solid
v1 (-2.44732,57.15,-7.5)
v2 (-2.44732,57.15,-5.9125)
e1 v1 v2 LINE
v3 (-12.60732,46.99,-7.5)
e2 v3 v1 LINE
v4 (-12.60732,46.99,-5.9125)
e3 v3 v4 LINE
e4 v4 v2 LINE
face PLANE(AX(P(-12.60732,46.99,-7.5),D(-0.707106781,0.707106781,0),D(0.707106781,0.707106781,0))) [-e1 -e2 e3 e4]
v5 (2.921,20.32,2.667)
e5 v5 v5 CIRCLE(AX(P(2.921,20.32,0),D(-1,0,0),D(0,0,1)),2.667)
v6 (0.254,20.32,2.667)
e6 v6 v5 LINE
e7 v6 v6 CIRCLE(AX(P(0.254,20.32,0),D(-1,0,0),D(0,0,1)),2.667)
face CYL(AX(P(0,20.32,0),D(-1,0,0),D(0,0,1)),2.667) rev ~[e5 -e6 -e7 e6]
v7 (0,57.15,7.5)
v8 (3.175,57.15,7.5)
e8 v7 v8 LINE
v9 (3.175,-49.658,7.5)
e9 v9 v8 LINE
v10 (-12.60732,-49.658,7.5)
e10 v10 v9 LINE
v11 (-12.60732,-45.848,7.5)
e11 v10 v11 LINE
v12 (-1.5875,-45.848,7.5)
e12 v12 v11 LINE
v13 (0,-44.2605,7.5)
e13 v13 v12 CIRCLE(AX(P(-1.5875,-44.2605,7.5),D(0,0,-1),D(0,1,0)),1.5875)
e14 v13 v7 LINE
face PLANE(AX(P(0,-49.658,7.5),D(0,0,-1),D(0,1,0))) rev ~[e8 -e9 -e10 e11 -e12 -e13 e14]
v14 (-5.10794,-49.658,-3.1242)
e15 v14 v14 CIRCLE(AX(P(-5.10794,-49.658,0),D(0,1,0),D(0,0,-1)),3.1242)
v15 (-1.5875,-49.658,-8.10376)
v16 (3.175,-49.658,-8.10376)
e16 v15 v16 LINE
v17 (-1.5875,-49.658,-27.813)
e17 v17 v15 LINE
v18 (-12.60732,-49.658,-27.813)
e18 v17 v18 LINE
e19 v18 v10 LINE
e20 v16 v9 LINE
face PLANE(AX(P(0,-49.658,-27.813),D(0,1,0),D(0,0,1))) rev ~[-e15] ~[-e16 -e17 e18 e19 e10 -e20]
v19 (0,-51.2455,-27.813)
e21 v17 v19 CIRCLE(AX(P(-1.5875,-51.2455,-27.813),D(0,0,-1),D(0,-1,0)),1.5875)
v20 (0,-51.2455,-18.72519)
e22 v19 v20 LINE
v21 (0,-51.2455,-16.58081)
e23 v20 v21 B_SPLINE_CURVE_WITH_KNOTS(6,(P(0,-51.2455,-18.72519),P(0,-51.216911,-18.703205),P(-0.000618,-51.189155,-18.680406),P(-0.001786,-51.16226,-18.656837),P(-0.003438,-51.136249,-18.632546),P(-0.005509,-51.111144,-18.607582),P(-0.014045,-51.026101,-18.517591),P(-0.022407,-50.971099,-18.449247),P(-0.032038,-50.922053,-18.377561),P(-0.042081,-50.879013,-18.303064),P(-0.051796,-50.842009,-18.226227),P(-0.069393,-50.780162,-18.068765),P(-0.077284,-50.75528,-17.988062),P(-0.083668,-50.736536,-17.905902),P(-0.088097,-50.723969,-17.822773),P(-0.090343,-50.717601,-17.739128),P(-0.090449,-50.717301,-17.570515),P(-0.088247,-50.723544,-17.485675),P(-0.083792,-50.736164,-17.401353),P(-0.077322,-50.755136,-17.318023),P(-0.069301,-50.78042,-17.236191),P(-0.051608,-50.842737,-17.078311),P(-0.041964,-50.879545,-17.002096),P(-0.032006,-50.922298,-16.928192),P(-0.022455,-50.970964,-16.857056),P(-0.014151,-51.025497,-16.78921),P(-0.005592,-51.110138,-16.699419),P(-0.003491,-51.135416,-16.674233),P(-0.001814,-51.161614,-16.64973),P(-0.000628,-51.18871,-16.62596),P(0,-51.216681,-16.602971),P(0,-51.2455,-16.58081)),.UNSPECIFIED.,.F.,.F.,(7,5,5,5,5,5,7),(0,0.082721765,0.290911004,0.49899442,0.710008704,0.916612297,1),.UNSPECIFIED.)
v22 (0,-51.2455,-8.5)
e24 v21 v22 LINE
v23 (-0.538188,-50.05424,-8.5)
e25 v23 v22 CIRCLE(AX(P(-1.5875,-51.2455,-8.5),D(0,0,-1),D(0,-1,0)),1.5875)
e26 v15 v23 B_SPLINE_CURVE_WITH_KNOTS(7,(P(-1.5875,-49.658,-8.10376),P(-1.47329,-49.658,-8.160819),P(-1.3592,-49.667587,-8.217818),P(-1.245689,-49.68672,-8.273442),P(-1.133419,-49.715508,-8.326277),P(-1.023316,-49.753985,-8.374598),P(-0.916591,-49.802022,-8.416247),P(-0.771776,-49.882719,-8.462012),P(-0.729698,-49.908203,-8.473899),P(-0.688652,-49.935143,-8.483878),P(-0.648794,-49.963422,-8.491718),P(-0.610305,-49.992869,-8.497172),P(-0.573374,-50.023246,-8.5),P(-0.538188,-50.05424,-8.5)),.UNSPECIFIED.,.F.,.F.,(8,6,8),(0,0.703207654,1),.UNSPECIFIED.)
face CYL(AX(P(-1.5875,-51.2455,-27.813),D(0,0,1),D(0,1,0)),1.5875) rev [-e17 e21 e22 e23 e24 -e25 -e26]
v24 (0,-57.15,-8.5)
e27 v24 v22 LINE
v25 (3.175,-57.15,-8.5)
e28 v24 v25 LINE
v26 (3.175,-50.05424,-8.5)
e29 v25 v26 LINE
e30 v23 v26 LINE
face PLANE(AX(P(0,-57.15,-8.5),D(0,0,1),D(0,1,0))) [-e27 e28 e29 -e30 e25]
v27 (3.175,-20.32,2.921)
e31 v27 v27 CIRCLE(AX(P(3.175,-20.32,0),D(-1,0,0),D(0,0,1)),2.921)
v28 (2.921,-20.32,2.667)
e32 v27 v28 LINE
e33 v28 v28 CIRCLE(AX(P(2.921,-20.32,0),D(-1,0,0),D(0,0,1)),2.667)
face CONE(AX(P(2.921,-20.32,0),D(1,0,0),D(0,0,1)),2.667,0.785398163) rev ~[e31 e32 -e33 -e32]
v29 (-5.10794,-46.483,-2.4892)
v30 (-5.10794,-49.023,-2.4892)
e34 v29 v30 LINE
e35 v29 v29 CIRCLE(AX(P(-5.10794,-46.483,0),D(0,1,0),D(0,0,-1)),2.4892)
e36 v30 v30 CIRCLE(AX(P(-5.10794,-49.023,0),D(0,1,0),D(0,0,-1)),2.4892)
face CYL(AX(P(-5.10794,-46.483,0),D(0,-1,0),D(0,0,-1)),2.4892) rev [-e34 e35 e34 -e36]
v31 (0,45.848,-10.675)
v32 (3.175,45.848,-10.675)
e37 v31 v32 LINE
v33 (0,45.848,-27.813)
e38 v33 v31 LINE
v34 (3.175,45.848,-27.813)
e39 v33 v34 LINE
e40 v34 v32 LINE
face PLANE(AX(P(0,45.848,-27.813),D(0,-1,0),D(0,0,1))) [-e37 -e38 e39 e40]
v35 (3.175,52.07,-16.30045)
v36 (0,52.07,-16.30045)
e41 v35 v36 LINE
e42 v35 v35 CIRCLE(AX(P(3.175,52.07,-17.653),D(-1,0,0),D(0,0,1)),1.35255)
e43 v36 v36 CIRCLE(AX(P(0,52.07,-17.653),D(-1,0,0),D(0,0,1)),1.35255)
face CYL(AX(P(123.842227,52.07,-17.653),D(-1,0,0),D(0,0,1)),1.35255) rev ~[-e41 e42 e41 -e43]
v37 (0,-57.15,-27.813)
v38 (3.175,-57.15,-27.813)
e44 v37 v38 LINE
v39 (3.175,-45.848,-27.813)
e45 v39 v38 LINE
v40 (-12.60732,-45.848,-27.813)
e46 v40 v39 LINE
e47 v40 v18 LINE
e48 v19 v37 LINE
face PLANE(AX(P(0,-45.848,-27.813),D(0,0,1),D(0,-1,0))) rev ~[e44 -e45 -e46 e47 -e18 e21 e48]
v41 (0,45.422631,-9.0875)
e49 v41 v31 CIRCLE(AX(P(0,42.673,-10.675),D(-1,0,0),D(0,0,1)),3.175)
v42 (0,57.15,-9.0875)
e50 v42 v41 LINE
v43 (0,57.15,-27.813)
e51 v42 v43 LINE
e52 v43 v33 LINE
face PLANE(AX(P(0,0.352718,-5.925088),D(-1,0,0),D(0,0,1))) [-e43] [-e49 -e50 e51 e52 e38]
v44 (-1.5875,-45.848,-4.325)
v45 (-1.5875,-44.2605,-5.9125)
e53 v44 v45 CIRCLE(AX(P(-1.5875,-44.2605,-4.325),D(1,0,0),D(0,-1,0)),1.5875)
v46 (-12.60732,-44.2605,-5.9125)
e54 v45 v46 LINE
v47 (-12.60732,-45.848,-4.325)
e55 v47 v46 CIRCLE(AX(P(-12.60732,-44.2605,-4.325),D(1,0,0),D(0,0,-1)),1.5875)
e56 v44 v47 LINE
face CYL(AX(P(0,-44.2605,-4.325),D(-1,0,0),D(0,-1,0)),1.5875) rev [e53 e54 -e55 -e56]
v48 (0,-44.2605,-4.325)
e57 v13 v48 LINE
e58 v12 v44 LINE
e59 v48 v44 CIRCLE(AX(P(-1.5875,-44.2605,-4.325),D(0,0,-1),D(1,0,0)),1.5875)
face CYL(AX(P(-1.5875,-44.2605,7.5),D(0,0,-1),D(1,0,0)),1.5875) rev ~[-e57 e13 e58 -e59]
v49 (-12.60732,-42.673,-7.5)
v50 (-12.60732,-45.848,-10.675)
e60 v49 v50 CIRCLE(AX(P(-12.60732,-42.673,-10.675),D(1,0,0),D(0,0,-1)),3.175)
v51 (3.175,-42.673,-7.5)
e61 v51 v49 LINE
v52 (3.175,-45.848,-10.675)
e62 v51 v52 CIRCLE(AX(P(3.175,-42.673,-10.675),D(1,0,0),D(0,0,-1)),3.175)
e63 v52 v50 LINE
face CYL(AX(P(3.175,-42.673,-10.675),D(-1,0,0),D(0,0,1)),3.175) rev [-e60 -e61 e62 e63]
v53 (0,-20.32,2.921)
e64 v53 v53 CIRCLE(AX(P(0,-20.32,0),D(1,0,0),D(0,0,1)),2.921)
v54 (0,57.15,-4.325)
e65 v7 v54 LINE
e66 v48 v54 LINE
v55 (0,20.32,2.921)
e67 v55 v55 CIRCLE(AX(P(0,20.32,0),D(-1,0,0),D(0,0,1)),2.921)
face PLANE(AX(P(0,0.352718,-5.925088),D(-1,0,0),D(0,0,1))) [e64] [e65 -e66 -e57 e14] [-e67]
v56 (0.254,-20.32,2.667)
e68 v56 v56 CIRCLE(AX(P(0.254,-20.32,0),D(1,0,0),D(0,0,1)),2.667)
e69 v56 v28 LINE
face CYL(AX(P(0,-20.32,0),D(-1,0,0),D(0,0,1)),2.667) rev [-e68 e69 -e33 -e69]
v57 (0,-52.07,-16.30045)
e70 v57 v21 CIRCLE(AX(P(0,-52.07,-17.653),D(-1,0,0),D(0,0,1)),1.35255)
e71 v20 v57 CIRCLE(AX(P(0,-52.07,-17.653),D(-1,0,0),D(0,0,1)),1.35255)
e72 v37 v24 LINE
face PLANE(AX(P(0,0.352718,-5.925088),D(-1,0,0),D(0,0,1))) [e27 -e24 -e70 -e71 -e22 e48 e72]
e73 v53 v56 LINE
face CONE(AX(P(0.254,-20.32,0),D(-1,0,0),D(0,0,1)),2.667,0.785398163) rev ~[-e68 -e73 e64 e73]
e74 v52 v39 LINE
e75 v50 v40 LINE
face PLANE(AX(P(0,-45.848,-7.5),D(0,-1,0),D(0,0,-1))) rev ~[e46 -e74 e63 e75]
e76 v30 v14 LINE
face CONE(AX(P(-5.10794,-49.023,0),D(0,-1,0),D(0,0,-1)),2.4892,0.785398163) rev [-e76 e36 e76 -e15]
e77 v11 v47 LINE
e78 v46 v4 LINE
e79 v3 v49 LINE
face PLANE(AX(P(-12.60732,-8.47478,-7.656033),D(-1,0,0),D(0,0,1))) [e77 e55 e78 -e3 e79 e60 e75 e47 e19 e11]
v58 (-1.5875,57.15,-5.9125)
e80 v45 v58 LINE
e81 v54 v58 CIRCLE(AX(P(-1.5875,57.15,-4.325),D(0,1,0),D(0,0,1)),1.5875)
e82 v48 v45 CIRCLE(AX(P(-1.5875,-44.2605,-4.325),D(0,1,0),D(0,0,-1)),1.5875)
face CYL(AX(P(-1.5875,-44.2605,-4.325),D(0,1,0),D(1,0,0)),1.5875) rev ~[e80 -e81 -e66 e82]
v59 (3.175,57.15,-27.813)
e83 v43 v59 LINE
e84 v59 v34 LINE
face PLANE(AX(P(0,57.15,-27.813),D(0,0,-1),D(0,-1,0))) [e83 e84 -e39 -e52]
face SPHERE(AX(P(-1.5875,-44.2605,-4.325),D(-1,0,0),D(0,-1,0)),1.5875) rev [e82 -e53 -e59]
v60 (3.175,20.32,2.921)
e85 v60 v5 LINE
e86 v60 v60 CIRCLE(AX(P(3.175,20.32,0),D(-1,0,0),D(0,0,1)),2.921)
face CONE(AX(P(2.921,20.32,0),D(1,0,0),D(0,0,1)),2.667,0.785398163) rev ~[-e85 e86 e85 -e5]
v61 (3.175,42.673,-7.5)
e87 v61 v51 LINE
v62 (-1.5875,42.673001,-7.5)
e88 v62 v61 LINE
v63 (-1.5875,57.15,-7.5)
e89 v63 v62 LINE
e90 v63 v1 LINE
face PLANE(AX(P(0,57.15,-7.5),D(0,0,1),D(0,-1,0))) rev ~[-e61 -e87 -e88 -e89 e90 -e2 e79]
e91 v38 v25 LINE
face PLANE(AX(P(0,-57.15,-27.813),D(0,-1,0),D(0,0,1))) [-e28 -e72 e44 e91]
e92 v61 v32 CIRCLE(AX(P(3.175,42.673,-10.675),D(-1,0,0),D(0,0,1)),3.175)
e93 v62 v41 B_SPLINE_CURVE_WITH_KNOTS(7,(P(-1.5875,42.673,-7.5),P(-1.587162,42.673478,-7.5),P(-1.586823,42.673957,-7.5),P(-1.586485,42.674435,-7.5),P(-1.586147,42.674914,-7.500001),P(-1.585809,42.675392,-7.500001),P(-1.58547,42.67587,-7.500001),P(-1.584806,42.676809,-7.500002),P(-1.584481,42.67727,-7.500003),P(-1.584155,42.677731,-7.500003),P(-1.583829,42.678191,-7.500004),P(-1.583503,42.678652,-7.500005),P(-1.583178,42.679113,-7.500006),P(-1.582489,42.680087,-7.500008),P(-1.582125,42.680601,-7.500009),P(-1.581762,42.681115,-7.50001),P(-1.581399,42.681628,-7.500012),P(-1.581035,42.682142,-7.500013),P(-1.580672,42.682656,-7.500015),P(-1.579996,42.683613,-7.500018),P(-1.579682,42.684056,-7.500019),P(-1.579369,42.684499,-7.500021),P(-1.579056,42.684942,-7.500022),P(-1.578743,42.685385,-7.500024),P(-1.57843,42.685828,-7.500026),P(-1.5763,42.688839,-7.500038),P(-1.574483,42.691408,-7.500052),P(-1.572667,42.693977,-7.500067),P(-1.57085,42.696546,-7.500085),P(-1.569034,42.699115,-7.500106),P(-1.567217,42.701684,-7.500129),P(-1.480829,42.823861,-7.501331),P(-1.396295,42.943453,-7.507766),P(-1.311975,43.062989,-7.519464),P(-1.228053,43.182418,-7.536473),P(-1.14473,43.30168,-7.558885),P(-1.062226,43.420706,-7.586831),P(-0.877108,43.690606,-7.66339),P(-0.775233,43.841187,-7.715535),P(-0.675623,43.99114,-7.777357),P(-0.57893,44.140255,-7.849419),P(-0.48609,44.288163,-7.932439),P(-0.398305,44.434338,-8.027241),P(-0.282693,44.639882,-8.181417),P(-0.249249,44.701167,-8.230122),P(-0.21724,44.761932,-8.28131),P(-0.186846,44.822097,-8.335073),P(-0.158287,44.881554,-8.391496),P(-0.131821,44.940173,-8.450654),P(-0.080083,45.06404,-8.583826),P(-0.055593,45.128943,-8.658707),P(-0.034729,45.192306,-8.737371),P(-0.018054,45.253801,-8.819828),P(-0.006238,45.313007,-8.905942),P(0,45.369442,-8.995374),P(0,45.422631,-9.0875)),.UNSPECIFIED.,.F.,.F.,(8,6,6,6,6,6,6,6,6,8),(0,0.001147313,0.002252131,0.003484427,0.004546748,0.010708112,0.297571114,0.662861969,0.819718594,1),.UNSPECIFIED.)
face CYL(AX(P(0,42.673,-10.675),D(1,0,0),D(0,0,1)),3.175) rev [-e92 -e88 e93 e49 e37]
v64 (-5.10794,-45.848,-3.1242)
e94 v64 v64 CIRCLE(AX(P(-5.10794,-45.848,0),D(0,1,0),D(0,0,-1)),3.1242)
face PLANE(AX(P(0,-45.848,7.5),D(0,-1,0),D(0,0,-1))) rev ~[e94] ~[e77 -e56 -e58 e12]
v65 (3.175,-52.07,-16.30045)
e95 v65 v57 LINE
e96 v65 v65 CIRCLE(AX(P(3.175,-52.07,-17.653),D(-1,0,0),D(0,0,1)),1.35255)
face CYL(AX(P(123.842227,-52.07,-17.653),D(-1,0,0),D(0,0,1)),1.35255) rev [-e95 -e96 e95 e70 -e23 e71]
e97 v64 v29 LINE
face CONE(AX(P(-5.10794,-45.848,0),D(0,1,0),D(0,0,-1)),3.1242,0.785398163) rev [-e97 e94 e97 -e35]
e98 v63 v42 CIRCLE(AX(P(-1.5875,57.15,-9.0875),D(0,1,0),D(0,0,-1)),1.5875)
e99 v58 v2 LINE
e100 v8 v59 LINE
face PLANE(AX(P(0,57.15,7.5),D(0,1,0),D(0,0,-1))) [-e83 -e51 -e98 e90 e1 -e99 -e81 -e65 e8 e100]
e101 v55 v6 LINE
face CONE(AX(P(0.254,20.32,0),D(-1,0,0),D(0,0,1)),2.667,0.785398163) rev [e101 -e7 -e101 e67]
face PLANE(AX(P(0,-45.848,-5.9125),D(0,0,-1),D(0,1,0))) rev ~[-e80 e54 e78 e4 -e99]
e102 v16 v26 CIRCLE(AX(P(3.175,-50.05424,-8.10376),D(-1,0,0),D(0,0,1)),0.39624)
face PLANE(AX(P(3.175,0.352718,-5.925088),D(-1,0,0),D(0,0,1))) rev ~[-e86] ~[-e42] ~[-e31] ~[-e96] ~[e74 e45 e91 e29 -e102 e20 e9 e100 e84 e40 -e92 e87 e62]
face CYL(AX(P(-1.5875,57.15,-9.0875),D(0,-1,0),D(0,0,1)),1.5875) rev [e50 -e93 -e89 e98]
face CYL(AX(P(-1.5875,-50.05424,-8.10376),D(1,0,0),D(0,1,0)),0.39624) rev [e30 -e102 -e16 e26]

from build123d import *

# Parameters (mm, degrees)
BOSS_EXTRUDE1_DEPTH   = 3.175
BOSS_EXTRUDE2_DEPTH   = 12.60732
FILLET1_R             = 1.5875
FILLET2_R             = 3.175
CUT_EXTRUDE1_DEPTH    = 16
F_6_32_TAPPED_HOLE1_D = 2.7051
SKETCH10_R            = 2.667
CUT_EXTRUDE2_DEPTH    = 4.175
CHAMFER1_SIZE         = 0.254
FILLET3_R             = 1.5875
FILLET4_R             = 0.39624


with BuildPart() as part:
    # Sketch1 → Boss-Extrude1 (new body)
    with BuildSketch(Plane(origin=(0, 0, 0), x_dir=(0, 0, -1), z_dir=(1, 0, 0))):
        Polygon((27.813, 57.15), (27.813, 45.847999998), (7.5, 45.847999998), (7.5, -45.847999998), (27.813, -45.847999998), (27.813, -57.15), (8.5, -57.15), (8.5, -49.657999998), (-7.5, -49.657999998), (-7.5, 57.15), align=None)
    extrude(amount=BOSS_EXTRUDE1_DEPTH)

    # Sketch2 → Boss-Extrude2 (add)
    with BuildSketch(Plane.ZY):
        Polygon((7.5, -49.657999998), (7.5, -45.847999998), (-5.9125, -45.847999998), (-5.9125, 57.15), (-7.5, 57.15), (-7.5, -45.847999998), (-27.813, -45.847999998), (-27.813, -49.657999998), align=None)
    extrude(amount=BOSS_EXTRUDE2_DEPTH)

    # Sketch4 → #10 Clearance Hole1 (revolve, cut)
    with BuildSketch(Plane(origin=(-5.10794, -49.657999998, 0), x_dir=(0, 0, -1), z_dir=(1, 0, 0))):
        Polygon((0, 0), (0, 3.81), (3.1242, 3.81), (2.4892, 3.175), (2.4892, 0.635), (3.1242, 0), align=None)
    revolve(axis=Axis((-5.10794, -56.007999998, 0), (0, 1, 0)), mode=Mode.SUBTRACT)

    # Fillet1
    fillet1_edges = [part.edges().sort_by_distance(p)[0] for p in [
        (-6.30366, -45.847999998, -5.9125),
    ]]
    fillet(fillet1_edges, radius=FILLET1_R)

    # Fillet2
    fillet2_edges = [part.edges().sort_by_distance(p)[0] for p in [
        (-4.71616, -45.847999998, -7.5),
        (1.5875, 45.847999998, -7.5),
    ]]
    fillet(fillet2_edges, radius=FILLET2_R)

    # Sketch6 → Cut-Extrude1 (cut, through all)
    with BuildSketch(Plane(origin=(0, 0, -7.5), x_dir=(-1, 0, 0), z_dir=(0, 0, -1))):
        Polygon((2.447319972, 57.15), (12.607319972, 57.15), (12.607319972, 46.99), align=None)
    extrude(amount=-CUT_EXTRUDE1_DEPTH, mode=Mode.SUBTRACT)

    # #6-32 Tapped Hole1 (through all)
    with Locations(Plane(origin=(3.175, 0, 0), x_dir=(0, 0, -1), z_dir=(1, 0, 0))):
        with Locations((17.653, 52.07)):
            f_6_32_tapped_hole1 = Hole(F_6_32_TAPPED_HOLE1_D / 2)

    # Sketch10 → Cut-Extrude2 (cut, through all)
    with BuildSketch(Plane.ZY):
        with Locations((0, 20.32)):
            Circle(SKETCH10_R)
    cut_extrude2 = extrude(amount=-CUT_EXTRUDE2_DEPTH, mode=Mode.SUBTRACT)

    # Mirror2: Cut-Extrude2 across plane
    add(cut_extrude2.mirror(Plane.ZX), mode=Mode.SUBTRACT)

    # Chamfer1
    chamfer1_edges = [part.edges().sort_by_distance(p)[0] for p in [
        (3.175, 20.32, -2.667),
        (0, 20.32, -2.667),
        (3.175, -20.32, -2.667),
        (0, -20.32, -2.667),
    ]]
    chamfer(chamfer1_edges, length=CHAMFER1_SIZE)

    # Fillet3
    fillet3_edges = [part.edges().sort_by_distance(p)[0] for p in [
        (0, 6.444750001, -5.9125),
        (0, -45.383032013, -5.447532015),
        (0, -49.657999998, -18.1565),
        (0, 49.911499999, -7.5),
        (0, -45.847999998, 1.5875),
    ]]
    fillet(fillet3_edges, radius=FILLET3_R)

    # Mirror1: #6-32 Tapped Hole1 across plane
    add(f_6_32_tapped_hole1.mirror(Plane.ZX), mode=Mode.SUBTRACT)

    # Fillet4
    fillet4_edges = [part.edges().sort_by_distance(p)[0] for p in [
        (0.79375, -49.657999998, -8.5),
    ]]
    fillet(fillet4_edges, radius=FILLET4_R)


solid = part.part
